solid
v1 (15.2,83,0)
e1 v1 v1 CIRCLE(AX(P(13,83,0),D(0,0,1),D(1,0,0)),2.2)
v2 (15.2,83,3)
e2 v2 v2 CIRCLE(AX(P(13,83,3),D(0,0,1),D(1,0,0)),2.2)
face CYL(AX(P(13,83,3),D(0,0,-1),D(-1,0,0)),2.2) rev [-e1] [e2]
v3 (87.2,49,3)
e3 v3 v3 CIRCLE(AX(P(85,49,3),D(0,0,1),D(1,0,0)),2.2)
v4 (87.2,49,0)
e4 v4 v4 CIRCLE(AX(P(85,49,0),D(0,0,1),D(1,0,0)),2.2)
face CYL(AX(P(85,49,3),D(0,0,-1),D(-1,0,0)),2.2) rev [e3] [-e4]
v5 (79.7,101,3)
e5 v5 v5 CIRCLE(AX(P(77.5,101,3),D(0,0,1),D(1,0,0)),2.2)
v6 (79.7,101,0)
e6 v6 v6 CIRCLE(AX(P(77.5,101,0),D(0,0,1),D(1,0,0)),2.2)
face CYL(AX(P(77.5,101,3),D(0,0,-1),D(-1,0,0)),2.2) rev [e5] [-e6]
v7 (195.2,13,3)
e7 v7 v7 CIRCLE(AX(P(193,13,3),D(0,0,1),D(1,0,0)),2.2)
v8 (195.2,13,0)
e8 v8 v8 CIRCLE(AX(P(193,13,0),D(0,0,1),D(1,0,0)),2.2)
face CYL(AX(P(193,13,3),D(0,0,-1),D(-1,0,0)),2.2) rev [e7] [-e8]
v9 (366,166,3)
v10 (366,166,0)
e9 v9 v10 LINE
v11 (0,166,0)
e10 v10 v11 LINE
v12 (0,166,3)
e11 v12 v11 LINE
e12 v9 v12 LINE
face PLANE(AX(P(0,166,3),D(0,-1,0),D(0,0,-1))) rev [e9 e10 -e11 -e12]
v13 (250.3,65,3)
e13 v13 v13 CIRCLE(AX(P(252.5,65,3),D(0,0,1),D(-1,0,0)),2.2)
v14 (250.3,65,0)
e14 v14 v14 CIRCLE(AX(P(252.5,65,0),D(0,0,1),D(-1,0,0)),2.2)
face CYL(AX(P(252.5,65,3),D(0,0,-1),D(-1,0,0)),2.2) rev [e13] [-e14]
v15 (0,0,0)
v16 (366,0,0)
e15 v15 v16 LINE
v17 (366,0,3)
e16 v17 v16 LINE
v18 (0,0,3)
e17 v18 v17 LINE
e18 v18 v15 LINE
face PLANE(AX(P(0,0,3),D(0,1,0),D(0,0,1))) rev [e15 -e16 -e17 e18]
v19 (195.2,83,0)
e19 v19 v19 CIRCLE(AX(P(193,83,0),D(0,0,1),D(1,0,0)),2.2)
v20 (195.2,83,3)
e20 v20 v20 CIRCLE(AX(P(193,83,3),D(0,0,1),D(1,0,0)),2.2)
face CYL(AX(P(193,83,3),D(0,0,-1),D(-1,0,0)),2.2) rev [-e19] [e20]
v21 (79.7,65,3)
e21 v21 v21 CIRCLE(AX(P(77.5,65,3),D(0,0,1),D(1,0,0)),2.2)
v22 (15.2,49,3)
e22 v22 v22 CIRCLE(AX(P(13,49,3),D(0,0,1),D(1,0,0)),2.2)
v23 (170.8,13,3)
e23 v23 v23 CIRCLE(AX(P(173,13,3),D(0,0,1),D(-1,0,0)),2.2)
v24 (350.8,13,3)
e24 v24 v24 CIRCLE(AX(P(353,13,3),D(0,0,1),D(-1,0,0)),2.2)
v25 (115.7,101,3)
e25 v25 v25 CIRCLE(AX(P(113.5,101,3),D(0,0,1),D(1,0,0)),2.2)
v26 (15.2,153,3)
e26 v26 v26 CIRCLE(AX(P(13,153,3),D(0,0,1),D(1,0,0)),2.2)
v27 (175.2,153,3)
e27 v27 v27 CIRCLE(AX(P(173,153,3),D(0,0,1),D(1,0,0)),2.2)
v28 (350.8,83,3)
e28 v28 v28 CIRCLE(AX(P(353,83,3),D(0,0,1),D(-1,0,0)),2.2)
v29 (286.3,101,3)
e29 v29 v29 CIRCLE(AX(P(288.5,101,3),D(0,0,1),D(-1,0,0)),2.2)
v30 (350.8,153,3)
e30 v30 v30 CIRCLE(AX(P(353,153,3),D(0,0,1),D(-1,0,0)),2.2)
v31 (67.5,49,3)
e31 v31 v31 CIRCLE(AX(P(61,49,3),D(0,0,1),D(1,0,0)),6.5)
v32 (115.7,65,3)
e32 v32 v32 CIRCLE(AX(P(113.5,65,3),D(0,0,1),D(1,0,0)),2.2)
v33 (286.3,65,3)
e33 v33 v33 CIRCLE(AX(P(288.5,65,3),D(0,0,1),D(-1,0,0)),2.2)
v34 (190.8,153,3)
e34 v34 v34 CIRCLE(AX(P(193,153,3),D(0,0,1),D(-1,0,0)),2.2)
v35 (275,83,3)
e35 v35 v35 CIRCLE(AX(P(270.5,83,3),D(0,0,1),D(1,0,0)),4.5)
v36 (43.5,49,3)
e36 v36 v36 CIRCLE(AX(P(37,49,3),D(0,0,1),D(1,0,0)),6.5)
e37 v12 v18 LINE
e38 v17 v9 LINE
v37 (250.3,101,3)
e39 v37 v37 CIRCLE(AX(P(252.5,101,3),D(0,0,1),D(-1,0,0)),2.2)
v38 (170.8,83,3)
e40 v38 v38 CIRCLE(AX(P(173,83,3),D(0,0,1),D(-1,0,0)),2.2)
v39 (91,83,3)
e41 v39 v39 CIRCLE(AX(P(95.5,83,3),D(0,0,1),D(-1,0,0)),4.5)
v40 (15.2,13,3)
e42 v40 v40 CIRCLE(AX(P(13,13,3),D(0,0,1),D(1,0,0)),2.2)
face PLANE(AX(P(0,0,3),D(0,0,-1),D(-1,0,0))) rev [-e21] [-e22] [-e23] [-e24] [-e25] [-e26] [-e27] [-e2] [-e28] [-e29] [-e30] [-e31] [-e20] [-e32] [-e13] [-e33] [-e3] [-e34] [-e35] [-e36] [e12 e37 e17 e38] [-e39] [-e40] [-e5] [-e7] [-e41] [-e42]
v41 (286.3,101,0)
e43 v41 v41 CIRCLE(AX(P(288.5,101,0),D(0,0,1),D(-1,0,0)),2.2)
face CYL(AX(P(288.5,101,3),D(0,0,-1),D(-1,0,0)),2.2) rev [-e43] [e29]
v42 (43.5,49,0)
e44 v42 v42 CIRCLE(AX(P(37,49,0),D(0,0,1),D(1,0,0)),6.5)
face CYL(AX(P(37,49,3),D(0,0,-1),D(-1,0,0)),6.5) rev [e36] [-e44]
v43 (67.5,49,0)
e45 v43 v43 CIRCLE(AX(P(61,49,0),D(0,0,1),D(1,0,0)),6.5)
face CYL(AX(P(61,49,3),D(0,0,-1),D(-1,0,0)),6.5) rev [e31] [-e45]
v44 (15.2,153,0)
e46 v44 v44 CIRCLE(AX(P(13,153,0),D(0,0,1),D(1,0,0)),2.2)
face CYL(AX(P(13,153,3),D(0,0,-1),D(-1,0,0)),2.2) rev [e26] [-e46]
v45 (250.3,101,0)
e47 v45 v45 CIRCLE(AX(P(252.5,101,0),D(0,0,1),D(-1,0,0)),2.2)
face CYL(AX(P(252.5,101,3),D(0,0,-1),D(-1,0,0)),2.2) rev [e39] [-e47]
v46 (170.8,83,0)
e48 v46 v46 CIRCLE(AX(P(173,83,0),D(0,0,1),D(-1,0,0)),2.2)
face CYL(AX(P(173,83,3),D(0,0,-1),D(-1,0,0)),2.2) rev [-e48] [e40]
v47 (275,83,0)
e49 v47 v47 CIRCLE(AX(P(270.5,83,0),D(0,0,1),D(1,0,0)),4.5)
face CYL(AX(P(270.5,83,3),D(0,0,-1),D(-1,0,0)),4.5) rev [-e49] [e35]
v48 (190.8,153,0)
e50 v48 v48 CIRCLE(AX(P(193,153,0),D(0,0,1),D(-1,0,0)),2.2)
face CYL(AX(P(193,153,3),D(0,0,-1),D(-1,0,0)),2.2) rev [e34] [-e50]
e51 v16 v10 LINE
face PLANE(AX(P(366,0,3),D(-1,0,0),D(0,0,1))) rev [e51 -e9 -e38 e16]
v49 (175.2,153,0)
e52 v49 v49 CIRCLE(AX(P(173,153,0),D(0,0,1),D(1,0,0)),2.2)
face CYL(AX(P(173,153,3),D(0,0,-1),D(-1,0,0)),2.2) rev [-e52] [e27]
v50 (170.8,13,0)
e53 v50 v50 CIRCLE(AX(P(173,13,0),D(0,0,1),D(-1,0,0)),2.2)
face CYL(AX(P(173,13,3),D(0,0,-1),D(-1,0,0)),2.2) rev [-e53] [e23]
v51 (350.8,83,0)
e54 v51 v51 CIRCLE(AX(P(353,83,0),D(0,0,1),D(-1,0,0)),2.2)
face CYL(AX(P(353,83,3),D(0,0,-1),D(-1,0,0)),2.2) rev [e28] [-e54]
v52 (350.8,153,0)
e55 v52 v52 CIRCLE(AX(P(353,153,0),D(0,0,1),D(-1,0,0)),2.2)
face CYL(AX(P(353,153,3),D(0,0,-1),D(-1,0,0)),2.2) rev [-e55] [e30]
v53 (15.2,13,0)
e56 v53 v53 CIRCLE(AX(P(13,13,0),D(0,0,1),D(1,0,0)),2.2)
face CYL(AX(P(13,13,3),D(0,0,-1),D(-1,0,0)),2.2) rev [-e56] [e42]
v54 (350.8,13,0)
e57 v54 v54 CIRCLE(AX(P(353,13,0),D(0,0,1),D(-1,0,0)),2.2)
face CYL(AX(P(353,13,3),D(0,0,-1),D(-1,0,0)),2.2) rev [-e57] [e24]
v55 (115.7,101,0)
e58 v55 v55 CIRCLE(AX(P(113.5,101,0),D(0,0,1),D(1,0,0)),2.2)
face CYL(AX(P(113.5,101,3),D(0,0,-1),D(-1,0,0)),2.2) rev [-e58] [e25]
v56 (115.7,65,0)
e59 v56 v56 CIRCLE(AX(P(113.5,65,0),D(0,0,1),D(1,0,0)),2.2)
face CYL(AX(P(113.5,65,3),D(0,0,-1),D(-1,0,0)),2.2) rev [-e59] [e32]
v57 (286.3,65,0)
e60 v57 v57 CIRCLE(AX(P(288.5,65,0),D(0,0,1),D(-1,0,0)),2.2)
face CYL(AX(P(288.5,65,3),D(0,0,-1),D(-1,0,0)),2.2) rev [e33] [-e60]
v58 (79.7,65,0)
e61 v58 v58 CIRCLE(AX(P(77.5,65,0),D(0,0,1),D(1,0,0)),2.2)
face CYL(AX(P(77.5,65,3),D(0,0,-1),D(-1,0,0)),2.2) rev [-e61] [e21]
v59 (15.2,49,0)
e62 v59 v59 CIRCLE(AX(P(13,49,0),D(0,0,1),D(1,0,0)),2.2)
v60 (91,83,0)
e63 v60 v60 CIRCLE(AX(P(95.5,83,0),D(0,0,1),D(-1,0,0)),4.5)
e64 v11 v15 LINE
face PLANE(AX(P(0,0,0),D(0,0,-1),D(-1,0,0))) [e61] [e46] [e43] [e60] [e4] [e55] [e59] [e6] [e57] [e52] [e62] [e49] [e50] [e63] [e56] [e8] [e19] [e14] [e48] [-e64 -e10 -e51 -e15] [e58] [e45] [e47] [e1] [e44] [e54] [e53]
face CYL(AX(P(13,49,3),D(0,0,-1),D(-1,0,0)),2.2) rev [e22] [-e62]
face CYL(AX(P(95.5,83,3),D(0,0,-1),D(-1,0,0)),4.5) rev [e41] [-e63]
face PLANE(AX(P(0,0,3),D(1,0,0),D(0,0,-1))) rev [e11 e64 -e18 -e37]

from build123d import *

# Parameters (mm, degrees)
ESQUISSE1_W        = 366
ESQUISSE1_H        = 166
ESQUISSE1_R        = 2.2
ESQUISSE1_R_2      = 4.5
ESQUISSE1_R_3      = 6.5
BOSS_EXTRU_1_DEPTH = 3


with BuildPart() as part:
    # Esquisse1 → Boss.-Extru.1 (new body)
    with BuildSketch(Plane.XY):
        with Locations((183, 83)):
            Rectangle(ESQUISSE1_W, ESQUISSE1_H)
        with Locations((13, 153)):
            Circle(ESQUISSE1_R, mode=Mode.SUBTRACT)
        with Locations((13, 13)):
            Circle(ESQUISSE1_R, mode=Mode.SUBTRACT)
        with Locations((13, 83)):
            Circle(ESQUISSE1_R, mode=Mode.SUBTRACT)
        with Locations((173, 153)):
            Circle(ESQUISSE1_R, mode=Mode.SUBTRACT)
        with Locations((193, 83)):
            Circle(ESQUISSE1_R, mode=Mode.SUBTRACT)
        with Locations((173, 83)):
            Circle(ESQUISSE1_R, mode=Mode.SUBTRACT)
        with Locations((193, 153)):
            Circle(ESQUISSE1_R, mode=Mode.SUBTRACT)
        with Locations((353, 83)):
            Circle(ESQUISSE1_R, mode=Mode.SUBTRACT)
        with Locations((353, 13)):
            Circle(ESQUISSE1_R, mode=Mode.SUBTRACT)
        with Locations((353, 153)):
            Circle(ESQUISSE1_R, mode=Mode.SUBTRACT)
        with Locations((193, 13)):
            Circle(ESQUISSE1_R, mode=Mode.SUBTRACT)
        with Locations((173, 13)):
            Circle(ESQUISSE1_R, mode=Mode.SUBTRACT)
        with Locations((270.5, 83)):
            Circle(ESQUISSE1_R_2, mode=Mode.SUBTRACT)
        with Locations((95.5, 83)):
            Circle(ESQUISSE1_R_2, mode=Mode.SUBTRACT)
        with Locations((77.5, 101)):
            Circle(ESQUISSE1_R, mode=Mode.SUBTRACT)
        with Locations((113.5, 101)):
            Circle(ESQUISSE1_R, mode=Mode.SUBTRACT)
        with Locations((77.5, 65)):
            Circle(ESQUISSE1_R, mode=Mode.SUBTRACT)
        with Locations((113.5, 65)):
            Circle(ESQUISSE1_R, mode=Mode.SUBTRACT)
        with Locations((288.5, 65)):
            Circle(ESQUISSE1_R, mode=Mode.SUBTRACT)
        with Locations((252.5, 65)):
            Circle(ESQUISSE1_R, mode=Mode.SUBTRACT)
        with Locations((252.5, 101)):
            Circle(ESQUISSE1_R, mode=Mode.SUBTRACT)
        with Locations((288.5, 101)):
            Circle(ESQUISSE1_R, mode=Mode.SUBTRACT)
        with Locations((37, 49)):
            Circle(ESQUISSE1_R_3, mode=Mode.SUBTRACT)
        with Locations((61, 49)):
            Circle(ESQUISSE1_R_3, mode=Mode.SUBTRACT)
        with Locations((85, 49)):
            Circle(ESQUISSE1_R, mode=Mode.SUBTRACT)
        with Locations((13, 49)):
            Circle(ESQUISSE1_R, mode=Mode.SUBTRACT)
    extrude(amount=BOSS_EXTRU_1_DEPTH)


solid = part.part
